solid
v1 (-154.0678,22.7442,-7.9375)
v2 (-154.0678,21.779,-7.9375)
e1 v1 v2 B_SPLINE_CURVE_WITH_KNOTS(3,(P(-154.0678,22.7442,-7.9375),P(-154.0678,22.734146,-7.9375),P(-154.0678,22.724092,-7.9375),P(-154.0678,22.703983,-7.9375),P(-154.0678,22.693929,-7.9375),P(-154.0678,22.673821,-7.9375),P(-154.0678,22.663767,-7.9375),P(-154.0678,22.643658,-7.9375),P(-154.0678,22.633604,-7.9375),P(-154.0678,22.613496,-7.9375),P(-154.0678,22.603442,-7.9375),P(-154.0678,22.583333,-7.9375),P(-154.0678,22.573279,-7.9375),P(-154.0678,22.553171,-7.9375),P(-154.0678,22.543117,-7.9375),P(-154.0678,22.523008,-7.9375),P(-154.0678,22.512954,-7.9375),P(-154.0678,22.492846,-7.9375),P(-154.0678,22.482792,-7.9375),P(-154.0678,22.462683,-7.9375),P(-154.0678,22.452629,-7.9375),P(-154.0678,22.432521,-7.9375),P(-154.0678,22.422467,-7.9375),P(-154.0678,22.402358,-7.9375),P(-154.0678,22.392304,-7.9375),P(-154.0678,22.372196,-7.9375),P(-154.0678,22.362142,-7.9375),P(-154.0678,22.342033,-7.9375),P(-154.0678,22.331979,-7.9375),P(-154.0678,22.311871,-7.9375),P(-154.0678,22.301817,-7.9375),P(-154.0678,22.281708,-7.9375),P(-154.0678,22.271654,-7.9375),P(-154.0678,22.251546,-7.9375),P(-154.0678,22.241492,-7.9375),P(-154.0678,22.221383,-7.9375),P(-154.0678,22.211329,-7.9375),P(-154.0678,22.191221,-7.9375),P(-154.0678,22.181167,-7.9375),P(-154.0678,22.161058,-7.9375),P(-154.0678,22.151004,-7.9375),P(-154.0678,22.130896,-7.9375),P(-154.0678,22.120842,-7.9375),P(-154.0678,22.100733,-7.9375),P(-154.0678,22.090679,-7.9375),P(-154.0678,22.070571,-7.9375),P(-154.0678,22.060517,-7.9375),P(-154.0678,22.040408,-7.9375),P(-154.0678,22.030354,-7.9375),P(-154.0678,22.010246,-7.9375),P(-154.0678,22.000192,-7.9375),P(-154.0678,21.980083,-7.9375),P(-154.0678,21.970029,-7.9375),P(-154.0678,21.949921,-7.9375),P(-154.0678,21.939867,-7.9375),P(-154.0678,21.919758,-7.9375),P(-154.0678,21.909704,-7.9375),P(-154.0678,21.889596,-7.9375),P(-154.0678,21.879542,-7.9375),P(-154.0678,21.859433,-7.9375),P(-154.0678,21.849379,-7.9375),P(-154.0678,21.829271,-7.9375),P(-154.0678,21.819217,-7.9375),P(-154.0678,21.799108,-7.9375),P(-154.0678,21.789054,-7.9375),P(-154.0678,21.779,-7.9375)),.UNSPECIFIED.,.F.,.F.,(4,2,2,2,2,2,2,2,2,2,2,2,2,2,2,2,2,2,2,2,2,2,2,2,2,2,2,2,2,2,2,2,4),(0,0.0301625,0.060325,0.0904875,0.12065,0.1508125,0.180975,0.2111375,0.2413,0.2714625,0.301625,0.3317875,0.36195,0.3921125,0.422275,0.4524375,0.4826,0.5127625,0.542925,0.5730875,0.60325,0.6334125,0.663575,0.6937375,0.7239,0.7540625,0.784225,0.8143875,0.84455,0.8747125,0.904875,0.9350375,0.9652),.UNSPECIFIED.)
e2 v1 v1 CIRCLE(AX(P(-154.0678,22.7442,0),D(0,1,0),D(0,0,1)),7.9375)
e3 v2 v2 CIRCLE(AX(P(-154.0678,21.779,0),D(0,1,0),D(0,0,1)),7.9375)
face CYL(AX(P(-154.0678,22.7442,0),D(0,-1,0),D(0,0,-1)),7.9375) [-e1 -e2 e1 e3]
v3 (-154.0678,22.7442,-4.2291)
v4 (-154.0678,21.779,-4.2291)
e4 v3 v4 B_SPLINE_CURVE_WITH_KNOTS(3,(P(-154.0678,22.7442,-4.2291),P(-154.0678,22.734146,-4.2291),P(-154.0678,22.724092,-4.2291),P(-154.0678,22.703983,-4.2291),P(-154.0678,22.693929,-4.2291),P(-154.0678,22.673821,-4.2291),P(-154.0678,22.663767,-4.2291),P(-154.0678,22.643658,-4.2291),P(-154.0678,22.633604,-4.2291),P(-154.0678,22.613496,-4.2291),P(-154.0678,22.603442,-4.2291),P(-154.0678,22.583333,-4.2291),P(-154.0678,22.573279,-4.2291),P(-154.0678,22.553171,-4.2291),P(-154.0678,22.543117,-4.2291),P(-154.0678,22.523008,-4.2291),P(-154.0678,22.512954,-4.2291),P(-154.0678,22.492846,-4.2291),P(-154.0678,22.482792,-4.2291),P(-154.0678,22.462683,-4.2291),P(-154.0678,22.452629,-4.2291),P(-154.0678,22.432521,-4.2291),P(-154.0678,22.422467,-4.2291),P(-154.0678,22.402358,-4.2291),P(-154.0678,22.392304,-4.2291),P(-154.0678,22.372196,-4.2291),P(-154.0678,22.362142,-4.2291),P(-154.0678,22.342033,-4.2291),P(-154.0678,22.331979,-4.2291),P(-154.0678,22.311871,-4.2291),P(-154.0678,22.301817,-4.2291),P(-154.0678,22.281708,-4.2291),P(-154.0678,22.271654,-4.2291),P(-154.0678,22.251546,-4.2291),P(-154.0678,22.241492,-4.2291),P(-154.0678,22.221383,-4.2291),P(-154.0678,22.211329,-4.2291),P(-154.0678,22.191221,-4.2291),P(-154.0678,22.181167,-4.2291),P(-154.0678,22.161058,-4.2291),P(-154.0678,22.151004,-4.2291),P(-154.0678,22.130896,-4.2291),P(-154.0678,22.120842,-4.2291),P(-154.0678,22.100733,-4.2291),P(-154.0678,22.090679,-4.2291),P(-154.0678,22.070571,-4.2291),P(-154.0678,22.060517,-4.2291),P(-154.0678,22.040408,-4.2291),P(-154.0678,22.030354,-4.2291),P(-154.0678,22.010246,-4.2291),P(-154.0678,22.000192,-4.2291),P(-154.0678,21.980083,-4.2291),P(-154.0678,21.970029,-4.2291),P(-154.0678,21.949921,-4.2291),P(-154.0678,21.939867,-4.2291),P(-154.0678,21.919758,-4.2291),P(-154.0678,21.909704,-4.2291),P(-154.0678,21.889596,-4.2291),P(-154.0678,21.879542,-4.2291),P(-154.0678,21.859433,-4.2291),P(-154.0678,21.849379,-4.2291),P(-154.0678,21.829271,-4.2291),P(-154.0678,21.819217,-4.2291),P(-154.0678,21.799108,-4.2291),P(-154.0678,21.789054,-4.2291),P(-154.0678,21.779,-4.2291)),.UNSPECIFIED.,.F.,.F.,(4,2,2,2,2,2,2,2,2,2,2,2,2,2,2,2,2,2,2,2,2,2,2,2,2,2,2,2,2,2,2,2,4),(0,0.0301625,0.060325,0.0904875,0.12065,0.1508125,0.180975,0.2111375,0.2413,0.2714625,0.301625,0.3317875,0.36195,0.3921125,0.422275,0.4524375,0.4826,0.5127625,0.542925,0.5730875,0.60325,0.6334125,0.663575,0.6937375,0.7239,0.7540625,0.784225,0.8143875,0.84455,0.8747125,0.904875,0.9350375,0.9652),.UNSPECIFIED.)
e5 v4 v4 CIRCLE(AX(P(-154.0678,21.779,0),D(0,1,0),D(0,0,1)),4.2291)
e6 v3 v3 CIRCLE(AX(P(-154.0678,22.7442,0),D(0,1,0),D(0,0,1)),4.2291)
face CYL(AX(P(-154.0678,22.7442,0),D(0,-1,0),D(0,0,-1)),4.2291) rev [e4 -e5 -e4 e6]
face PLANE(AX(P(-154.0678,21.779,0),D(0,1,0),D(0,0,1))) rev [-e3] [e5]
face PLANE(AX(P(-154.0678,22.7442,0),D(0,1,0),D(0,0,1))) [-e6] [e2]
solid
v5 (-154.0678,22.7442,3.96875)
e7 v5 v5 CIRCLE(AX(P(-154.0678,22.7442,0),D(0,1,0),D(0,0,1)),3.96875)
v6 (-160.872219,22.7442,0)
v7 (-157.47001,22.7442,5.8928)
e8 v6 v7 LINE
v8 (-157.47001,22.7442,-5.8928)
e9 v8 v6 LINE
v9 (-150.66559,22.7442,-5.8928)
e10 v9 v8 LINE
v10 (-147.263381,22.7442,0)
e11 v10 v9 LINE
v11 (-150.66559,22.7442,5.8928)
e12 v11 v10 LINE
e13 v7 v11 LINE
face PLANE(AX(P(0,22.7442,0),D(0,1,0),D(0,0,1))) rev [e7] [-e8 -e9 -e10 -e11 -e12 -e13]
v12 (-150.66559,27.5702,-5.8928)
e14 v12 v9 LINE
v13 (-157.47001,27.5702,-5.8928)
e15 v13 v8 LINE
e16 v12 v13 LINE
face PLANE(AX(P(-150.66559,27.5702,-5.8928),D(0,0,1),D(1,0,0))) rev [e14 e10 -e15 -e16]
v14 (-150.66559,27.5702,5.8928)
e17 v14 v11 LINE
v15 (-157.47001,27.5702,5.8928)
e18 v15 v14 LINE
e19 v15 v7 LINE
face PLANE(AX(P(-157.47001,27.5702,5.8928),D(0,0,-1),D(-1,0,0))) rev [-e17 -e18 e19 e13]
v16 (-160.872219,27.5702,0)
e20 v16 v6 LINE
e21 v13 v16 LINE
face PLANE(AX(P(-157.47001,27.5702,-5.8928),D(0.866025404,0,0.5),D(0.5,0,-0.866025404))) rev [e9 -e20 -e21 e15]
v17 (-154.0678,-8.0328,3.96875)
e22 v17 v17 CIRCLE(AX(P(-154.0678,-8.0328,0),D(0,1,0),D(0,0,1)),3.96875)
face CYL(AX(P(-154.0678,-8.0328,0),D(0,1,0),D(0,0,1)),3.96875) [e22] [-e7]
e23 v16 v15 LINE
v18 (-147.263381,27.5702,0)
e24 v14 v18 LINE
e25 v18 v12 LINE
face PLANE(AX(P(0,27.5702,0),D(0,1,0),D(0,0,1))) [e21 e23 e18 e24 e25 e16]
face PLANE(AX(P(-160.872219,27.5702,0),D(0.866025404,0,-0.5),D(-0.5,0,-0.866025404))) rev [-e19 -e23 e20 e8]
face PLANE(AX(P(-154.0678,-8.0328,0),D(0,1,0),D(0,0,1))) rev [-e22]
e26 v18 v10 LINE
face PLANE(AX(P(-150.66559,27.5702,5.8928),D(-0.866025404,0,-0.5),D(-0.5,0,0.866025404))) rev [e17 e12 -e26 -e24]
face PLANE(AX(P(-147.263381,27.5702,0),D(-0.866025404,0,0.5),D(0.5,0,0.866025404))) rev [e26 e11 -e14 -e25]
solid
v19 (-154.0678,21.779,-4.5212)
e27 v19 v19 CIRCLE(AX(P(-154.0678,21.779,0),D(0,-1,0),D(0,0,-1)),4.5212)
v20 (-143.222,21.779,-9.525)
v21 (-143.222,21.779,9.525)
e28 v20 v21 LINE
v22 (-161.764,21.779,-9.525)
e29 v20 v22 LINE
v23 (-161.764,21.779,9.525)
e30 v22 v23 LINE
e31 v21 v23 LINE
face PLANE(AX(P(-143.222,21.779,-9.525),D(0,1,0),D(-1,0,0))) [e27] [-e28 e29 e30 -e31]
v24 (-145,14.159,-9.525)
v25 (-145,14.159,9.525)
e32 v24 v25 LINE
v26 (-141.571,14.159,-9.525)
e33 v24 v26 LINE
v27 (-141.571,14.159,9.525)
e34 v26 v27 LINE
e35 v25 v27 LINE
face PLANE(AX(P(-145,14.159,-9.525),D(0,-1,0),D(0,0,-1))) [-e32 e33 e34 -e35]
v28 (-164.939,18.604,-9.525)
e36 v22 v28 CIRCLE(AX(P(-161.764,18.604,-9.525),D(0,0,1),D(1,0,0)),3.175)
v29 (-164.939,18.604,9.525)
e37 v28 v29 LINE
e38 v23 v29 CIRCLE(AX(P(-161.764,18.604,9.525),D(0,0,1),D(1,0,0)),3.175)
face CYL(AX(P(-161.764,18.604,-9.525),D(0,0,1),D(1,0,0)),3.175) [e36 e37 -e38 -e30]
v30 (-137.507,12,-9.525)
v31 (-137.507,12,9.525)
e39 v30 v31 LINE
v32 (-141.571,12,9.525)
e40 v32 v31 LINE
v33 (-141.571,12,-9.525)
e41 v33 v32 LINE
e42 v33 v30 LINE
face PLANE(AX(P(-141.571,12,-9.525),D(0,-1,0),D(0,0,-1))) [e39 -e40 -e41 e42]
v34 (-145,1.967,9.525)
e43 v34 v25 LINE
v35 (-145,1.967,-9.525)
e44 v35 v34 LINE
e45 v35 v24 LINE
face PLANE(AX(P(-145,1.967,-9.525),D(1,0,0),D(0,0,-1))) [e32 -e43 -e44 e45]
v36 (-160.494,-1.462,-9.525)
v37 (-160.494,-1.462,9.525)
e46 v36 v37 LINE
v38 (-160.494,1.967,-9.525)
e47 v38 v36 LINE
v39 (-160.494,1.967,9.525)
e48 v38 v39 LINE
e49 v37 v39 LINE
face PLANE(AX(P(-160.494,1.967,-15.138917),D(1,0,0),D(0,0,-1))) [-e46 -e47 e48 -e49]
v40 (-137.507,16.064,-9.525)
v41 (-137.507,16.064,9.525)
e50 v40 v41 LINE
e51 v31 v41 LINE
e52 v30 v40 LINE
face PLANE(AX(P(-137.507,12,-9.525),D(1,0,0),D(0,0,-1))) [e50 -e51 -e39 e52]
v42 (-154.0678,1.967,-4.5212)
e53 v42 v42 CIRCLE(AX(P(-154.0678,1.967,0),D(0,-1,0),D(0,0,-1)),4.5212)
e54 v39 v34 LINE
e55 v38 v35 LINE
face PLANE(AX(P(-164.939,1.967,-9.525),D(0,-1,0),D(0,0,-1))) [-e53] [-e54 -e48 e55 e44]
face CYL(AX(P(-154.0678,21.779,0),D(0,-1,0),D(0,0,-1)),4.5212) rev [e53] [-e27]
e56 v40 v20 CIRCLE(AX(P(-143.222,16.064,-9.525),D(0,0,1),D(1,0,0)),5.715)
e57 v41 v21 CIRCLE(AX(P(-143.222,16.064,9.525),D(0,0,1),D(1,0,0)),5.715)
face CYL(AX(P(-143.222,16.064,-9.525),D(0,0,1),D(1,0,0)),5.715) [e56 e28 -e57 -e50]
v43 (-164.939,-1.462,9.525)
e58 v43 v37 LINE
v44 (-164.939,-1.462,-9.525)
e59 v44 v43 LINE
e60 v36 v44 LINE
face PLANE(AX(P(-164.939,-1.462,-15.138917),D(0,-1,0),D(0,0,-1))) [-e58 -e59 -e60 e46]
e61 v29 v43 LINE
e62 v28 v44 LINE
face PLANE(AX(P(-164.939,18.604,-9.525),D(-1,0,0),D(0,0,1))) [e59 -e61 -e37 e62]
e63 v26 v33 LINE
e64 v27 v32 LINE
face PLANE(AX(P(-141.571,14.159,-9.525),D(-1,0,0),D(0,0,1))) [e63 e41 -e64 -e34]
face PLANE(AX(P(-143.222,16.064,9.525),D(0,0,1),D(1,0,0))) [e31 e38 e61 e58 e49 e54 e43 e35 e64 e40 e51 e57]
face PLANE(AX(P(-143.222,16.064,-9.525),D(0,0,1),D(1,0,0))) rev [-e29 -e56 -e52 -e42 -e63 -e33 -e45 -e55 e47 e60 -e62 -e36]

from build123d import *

# Parameters (mm, degrees)
BOSS_EXTRUDE1_DEPTH      = 9.525
BOSS_EXTRUDE1_DEPTH_BACK = 9.525
SKETCH2_W                = 4.445
SKETCH2_H                = 3.429
BOSS_EXTRUDE2_DEPTH      = 19.05
SKETCH3_R                = 4.5212
CUT_EXTRUDE1_DEPTH       = 167.397459987
SKETCH7_R                = 7.9375
SKETCH7_R_2              = 4.2291
BOSS_EXTRUDE3_DEPTH      = 0.9652
SKETCH8_R                = 3.96875
BOSS_EXTRUDE4_DEPTH      = 30.777
BOSS_EXTRUDE5_DEPTH      = 4.826


with BuildPart() as part:
    # Sketch1 → Boss-Extrude1 (new, two sides: drawn at the far end of the back side and taken through both)
    with BuildSketch(Plane.XY.offset(-BOSS_EXTRUDE1_DEPTH_BACK)):
        with BuildLine():
            Line((-164.939, 1.96699994), (-145, 1.96699994))
            Line((-145, 1.96699994), (-145, 14.15899994))
            Line((-145, 14.15899994), (-141.571, 14.15899994))
            Line((-141.571, 14.15899994), (-141.571, 11.99999994))
            Line((-141.571, 11.99999994), (-137.507, 11.99999994))
            Line((-137.507, 11.99999994), (-137.507, 16.06399994))
            ThreePointArc((-137.507, 16.06399994), (-139.180884746, 20.105115194), (-143.222, 21.77899994))
            Line((-143.222, 21.77899994), (-161.764, 21.77899994))
            ThreePointArc((-161.764, 21.77899994), (-164.00906403, 20.84906397), (-164.939, 18.60399994))
            Line((-164.939, 18.60399994), (-164.939, 1.96699994))
        make_face()
    extrude(amount=BOSS_EXTRUDE1_DEPTH + BOSS_EXTRUDE1_DEPTH_BACK)

    # Sketch2 → Boss-Extrude2 (add)
    with BuildSketch(Plane.XY.offset(9.525)):
        with Locations((-162.7165, 0.25249994)):
            Rectangle(SKETCH2_W, SKETCH2_H)
    extrude(amount=-BOSS_EXTRUDE2_DEPTH)

    # Sketch3 → Cut-Extrude1 (cut, through all)
    with BuildSketch(Plane.XZ.offset(-1.96699994)):
        with Locations(Location((-154.0678, 0, 0), (0, 0, 270))):
            Circle(SKETCH3_R)
    extrude(amount=-CUT_EXTRUDE1_DEPTH, mode=Mode.SUBTRACT)


with BuildPart() as body_2:
    # Sketch7 → Boss-Extrude3 (new body)
    with BuildSketch(Plane(origin=(0, 21.77899994, 0), x_dir=(1, 0, 0), z_dir=(0, 1, 0))):
        with Locations(Location((-154.0678, 0, 0), (0, 0, 90))):
            Circle(SKETCH7_R)
        with Locations(Location((-154.0678, 0, 0), (0, 0, 90))):
            Circle(SKETCH7_R_2, mode=Mode.SUBTRACT)
    extrude(amount=BOSS_EXTRUDE3_DEPTH)


with BuildPart() as body_3:
    # Sketch8 → Boss-Extrude4 (new body)
    with BuildSketch(Plane(origin=(0, 22.74419994, 0), x_dir=(1, 0, 0), z_dir=(0, 1, 0))):
        with Locations(Location((-154.0678, 0, 0), (0, 0, 270))):
            Circle(SKETCH8_R)
    extrude(amount=-BOSS_EXTRUDE4_DEPTH)


with BuildPart() as body_4:
    # Sketch9 → Boss-Extrude5 (new body)
    with BuildSketch(Plane(origin=(0, 22.74419994, 0), x_dir=(1, 0, 0), z_dir=(0, 1, 0))):
        Polygon((-150.665590334, 5.8928), (-157.470009666, 5.8928), (-160.872219333, 0), (-157.470009666, -5.8928), (-150.665590334, -5.8928), (-147.263380667, 0), align=None)
    extrude(amount=BOSS_EXTRUDE5_DEPTH)

    # Combine1: union body 3
    add(body_3.part)


solid = Compound([part.part, body_2.part, body_4.part])
